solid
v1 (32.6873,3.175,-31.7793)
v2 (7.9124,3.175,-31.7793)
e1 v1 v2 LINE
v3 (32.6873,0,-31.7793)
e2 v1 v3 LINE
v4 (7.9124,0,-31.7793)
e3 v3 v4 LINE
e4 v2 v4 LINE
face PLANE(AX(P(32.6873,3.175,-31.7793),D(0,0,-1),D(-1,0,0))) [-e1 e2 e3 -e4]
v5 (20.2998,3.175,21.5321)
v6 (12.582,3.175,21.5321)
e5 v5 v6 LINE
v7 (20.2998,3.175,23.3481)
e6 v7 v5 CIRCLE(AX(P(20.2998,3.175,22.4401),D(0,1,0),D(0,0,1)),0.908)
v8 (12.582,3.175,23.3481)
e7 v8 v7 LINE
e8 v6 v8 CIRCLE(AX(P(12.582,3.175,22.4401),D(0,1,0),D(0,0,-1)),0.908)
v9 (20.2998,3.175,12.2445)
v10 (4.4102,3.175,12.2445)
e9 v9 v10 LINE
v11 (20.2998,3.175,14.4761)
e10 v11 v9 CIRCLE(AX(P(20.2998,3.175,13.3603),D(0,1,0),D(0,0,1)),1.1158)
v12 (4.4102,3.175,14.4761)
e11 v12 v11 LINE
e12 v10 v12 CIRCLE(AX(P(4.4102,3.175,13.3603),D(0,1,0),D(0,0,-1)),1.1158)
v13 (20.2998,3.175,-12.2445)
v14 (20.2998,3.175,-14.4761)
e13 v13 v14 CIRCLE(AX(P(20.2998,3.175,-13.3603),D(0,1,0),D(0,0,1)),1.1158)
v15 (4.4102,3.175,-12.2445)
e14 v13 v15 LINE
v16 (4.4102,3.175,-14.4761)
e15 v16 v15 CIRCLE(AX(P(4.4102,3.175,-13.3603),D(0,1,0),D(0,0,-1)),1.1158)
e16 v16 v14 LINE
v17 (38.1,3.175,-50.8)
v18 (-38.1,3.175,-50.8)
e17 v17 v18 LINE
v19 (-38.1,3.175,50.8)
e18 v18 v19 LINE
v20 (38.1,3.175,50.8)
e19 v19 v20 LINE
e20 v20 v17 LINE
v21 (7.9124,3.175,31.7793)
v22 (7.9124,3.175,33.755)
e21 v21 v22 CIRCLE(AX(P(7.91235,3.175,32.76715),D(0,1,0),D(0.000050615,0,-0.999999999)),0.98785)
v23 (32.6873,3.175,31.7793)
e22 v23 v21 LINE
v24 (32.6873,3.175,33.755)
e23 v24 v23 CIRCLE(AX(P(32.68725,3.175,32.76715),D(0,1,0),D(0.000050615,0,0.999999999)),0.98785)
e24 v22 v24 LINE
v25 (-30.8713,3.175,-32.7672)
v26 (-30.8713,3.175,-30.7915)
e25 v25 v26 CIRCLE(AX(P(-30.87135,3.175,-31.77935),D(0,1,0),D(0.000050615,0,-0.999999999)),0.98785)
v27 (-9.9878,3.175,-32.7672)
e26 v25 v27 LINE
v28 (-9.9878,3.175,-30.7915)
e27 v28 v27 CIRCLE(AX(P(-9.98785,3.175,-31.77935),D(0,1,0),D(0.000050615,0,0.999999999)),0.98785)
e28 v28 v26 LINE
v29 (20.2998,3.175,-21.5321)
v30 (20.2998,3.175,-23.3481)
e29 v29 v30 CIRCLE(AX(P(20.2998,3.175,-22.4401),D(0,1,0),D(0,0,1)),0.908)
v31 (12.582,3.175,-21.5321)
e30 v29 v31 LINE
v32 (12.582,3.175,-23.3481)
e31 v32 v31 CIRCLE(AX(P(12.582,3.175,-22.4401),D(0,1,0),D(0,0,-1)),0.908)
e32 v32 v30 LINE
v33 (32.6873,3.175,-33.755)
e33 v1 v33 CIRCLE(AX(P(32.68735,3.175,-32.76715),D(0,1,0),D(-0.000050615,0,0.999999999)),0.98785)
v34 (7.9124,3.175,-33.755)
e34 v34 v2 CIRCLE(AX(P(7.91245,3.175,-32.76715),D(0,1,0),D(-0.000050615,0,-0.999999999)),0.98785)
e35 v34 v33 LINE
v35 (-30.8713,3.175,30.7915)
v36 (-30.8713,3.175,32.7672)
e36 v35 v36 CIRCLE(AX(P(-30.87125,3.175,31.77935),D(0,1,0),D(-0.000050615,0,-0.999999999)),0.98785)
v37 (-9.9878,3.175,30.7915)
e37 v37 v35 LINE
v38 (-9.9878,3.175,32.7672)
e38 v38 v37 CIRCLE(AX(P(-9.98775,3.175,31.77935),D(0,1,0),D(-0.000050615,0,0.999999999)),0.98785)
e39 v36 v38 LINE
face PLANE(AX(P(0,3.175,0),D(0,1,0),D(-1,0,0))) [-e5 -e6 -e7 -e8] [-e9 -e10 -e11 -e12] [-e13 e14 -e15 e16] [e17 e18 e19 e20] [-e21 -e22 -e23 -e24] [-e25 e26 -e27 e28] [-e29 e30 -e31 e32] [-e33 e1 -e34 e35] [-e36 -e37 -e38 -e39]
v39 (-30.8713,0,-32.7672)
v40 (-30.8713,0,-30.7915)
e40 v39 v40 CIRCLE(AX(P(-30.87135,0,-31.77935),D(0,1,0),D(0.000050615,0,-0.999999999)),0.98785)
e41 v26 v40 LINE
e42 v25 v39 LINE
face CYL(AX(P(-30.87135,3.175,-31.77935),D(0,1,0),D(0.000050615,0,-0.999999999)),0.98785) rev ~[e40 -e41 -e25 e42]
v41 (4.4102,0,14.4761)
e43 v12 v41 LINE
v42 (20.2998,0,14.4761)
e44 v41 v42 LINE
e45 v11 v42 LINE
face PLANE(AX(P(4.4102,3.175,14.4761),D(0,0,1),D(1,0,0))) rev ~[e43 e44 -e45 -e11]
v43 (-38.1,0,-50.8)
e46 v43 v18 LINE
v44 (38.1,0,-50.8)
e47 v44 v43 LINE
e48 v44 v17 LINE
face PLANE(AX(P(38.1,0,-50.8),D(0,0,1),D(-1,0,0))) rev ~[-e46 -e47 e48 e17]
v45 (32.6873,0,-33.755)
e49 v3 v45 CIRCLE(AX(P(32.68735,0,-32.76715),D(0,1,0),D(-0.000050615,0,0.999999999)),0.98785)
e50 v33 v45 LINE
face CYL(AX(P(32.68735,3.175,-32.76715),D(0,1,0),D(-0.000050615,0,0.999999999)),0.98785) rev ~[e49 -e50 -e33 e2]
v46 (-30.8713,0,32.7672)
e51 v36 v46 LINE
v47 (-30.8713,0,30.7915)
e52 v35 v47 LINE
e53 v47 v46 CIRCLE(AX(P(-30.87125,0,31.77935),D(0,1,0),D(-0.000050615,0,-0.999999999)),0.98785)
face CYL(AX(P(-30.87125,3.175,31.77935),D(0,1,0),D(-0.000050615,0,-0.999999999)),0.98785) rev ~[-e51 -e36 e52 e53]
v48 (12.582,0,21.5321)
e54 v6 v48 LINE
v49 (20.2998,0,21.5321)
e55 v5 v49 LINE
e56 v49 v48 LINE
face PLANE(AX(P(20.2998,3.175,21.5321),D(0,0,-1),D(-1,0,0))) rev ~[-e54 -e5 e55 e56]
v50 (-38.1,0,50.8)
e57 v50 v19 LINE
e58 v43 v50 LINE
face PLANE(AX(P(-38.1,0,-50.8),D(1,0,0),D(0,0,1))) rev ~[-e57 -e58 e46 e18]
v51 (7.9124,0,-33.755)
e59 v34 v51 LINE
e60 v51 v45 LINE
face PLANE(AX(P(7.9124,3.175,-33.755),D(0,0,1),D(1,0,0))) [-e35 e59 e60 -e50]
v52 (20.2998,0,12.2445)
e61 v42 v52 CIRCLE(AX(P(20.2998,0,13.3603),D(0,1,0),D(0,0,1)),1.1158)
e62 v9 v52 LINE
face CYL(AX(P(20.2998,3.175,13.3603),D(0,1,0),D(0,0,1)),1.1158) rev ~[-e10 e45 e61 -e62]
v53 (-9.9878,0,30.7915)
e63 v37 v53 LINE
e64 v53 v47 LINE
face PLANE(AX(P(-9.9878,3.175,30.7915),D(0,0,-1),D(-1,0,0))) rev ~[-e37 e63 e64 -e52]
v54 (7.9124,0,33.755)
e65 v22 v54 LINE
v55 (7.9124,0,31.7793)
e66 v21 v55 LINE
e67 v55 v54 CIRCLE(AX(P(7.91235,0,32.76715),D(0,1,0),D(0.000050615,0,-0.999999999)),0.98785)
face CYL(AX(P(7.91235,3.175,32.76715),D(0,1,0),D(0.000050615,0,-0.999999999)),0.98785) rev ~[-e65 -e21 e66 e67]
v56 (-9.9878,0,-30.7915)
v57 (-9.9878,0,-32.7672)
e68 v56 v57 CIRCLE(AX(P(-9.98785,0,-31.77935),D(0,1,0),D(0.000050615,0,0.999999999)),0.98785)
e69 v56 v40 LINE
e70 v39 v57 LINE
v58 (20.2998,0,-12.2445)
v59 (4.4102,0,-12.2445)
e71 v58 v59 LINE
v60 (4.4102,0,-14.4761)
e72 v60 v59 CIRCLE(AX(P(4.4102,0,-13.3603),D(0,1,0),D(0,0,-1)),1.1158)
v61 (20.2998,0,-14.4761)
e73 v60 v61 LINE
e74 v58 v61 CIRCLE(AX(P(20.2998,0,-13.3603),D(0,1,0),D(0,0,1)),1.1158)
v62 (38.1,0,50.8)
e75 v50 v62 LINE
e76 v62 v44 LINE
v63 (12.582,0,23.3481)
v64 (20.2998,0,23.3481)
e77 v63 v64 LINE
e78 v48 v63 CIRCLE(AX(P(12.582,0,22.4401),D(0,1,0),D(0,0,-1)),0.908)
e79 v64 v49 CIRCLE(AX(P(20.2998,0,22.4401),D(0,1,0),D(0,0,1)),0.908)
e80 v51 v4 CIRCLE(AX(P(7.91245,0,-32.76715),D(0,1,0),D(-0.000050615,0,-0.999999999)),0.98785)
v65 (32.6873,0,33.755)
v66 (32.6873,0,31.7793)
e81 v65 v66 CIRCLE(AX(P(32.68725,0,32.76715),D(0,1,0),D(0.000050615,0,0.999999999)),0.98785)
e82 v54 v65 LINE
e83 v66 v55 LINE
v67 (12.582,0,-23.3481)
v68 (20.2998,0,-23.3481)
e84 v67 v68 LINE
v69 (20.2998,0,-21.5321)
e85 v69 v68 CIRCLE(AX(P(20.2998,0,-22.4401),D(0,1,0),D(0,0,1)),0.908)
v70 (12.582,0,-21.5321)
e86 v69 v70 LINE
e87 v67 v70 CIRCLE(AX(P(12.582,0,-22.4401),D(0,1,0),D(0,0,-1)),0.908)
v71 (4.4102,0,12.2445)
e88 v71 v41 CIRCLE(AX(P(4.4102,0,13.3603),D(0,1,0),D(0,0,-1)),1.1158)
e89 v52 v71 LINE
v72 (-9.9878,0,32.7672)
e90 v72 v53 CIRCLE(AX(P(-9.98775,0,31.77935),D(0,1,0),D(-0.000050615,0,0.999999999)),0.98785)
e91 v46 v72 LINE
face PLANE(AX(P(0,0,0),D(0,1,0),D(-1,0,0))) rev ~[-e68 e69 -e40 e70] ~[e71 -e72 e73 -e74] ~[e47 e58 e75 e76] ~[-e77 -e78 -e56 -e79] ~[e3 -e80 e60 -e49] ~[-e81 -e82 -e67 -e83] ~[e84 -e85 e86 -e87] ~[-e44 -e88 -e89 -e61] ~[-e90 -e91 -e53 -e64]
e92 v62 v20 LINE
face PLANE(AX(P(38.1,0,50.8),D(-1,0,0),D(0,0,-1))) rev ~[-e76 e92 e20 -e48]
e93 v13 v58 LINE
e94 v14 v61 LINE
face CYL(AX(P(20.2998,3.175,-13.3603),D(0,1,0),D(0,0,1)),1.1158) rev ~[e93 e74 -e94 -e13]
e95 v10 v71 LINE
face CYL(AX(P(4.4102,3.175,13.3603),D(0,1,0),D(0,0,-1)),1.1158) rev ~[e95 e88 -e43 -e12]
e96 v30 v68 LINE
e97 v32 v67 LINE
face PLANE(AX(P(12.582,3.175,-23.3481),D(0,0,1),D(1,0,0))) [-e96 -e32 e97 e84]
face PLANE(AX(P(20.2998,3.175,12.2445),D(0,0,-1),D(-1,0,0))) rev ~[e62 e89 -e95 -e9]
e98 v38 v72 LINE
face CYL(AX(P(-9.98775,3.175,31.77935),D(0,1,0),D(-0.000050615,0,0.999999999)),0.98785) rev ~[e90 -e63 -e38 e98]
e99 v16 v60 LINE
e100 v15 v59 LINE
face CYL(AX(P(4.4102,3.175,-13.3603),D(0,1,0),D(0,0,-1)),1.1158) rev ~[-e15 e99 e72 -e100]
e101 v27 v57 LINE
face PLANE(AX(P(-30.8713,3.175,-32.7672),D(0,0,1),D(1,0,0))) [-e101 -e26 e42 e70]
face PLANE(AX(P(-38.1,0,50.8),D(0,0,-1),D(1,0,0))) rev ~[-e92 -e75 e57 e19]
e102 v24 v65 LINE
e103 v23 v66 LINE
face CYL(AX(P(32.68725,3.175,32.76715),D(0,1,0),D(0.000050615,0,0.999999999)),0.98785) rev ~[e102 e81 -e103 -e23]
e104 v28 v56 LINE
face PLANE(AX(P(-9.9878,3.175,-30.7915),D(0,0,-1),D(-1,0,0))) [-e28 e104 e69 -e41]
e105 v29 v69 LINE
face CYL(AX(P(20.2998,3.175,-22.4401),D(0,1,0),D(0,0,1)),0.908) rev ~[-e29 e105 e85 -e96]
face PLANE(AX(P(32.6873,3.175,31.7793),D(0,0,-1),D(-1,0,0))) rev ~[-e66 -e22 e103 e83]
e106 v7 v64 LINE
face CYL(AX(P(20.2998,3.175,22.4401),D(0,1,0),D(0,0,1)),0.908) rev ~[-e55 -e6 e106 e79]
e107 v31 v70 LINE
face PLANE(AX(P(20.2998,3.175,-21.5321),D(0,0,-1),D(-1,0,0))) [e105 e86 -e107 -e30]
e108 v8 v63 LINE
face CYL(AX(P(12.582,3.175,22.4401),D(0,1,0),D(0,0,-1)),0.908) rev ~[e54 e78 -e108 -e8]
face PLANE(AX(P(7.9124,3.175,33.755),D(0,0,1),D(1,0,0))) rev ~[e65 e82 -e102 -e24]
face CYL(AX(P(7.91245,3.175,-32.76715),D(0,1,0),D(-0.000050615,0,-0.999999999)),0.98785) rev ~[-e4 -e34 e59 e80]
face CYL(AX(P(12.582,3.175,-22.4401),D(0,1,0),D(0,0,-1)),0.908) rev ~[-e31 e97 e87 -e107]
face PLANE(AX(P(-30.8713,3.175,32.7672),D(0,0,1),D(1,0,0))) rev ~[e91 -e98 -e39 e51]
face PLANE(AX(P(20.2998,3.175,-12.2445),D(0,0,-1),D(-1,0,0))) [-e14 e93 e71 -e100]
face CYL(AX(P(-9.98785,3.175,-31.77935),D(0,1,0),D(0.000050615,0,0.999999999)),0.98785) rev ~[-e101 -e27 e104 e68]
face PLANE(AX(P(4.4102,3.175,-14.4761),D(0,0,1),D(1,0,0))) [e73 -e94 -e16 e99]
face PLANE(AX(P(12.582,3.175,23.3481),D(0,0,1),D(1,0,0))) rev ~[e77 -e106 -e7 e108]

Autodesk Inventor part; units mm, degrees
ref_plane "YZ Plane" through (0, 0, 0) normal (1, 0, 0) x (0, 1, 0)
ref_plane "XZ Plane" through (0, 0, 0) normal (0, 1, 0) x (-1, 0, 0)
ref_plane "XY Plane" through (0, 0, 0) normal (0, 0, 1) x (1, 0, 0)
sketch "Sketch1" plane through (0, 0, 0) normal (0, 1, 0) x (-1, 0, 0)
  line L0 (-38.1, -50.8) -> (38.1, -50.8)
  line L1 (38.1, -50.8) -> (38.1, 50.8)
  line L2 (38.1, 50.8) -> (-38.1, 50.8)
  line L3 (-38.1, 50.8) -> (-38.1, -50.8)
  line L4 (-38.1, -50.8) -> (38.1, 50.8) construction
  line L5 (38.1, -50.8) -> (-38.1, 50.8) construction
  point P0 (0, 0)
  dimension "d0" = 101.6
  dimension "d1" = 76.2
extrude "Extrusion1" add sketch "Sketch1" along normal blind 3.175
sketch "Sketch2" plane through (0, 3.175, 0) normal (0, 1, 0) x (1, 0, 0)
  line L0 (-9.9878, -31.7793) -> (-30.8713, -31.7793) construction
  line L1 (-9.9878, -30.7915) -> (-30.8713, -30.7915)
  line L2 (-30.8713, -32.7672) -> (-9.9878, -32.7672)
  arc A0 (-9.9878, -32.7672) -> (-9.9878, -30.7915) centre (-9.9878, -31.7793) ccw
  arc A1 (-30.8713, -30.7915) -> (-30.8713, -32.7672) centre (-30.8713, -31.7793) ccw
  line L3 (7.9124, -32.7672) -> (32.6873, -32.7672) construction
  line L4 (7.9124, -33.755) -> (32.6873, -33.755)
  line L5 (32.6873, -31.7793) -> (7.9124, -31.7793)
  arc A2 (7.9124, -31.7793) -> (7.9124, -33.755) centre (7.9124, -32.7672) ccw
  arc A3 (32.6873, -33.755) -> (32.6873, -31.7793) centre (32.6873, -32.7672) ccw
  line L6 (20.2998, -22.4401) -> (12.582, -22.4401) construction
  line L7 (20.2998, -21.5321) -> (12.582, -21.5321)
  line L8 (12.582, -23.3481) -> (20.2998, -23.3481)
  arc A4 (20.2998, -23.3481) -> (20.2998, -21.5321) centre (20.2998, -22.4401) ccw
  arc A5 (12.582, -21.5321) -> (12.582, -23.3481) centre (12.582, -22.4401) ccw
  line L9 (20.2998, -13.3603) -> (4.4102, -13.3603) construction
  line L10 (20.2998, -12.2445) -> (4.4102, -12.2445)
  line L11 (4.4102, -14.4761) -> (20.2998, -14.4761)
  arc A6 (20.2998, -14.4761) -> (20.2998, -12.2445) centre (20.2998, -13.3603) ccw
  arc A7 (4.4102, -12.2445) -> (4.4102, -14.4761) centre (4.4102, -13.3603) ccw
  line L12 (-9.9878, 31.7793) -> (-30.8713, 31.7793) construction
  line L13 (-9.9878, 30.7915) -> (-30.8713, 30.7915)
  line L14 (-30.8713, 32.7672) -> (-9.9878, 32.7672)
  arc A8 (-9.9878, 30.7915) -> (-9.9878, 32.7672) centre (-9.9878, 31.7793) ccw
  arc A9 (-30.8713, 32.7672) -> (-30.8713, 30.7915) centre (-30.8713, 31.7793) ccw
  line L15 (7.9124, 32.7672) -> (32.6873, 32.7672) construction
  line L16 (7.9124, 33.755) -> (32.6873, 33.755)
  line L17 (32.6873, 31.7793) -> (7.9124, 31.7793)
  arc A10 (7.9124, 33.755) -> (7.9124, 31.7793) centre (7.9124, 32.7672) ccw
  arc A11 (32.6873, 31.7793) -> (32.6873, 33.755) centre (32.6873, 32.7672) ccw
  line L18 (20.2998, 22.4401) -> (12.582, 22.4401) construction
  line L19 (20.2998, 21.5321) -> (12.582, 21.5321)
  line L20 (12.582, 23.3481) -> (20.2998, 23.3481)
  arc A12 (20.2998, 21.5321) -> (20.2998, 23.3481) centre (20.2998, 22.4401) ccw
  arc A13 (12.582, 23.3481) -> (12.582, 21.5321) centre (12.582, 22.4401) ccw
  line L21 (20.2998, 13.3603) -> (4.4102, 13.3603) construction
  line L22 (20.2998, 12.2445) -> (4.4102, 12.2445)
  line L23 (4.4102, 14.4761) -> (20.2998, 14.4761)
  arc A14 (20.2998, 12.2445) -> (20.2998, 14.4761) centre (20.2998, 13.3603) ccw
  arc A15 (4.4102, 14.4761) -> (4.4102, 12.2445) centre (4.4102, 13.3603) ccw
  point P0 (-20.4296, -31.7793)
  point P1 (20.2998, -32.7672)
  point P2 (16.4409, -22.4401)
  point P3 (12.355, -13.3603)
  point P4 (0, -25.2547)
  point P5 (-20.4296, 31.7793)
  point P6 (20.2998, 32.7672)
  point P7 (16.4409, 22.4401)
  point P8 (12.355, 13.3603)
extrude "Extrusion2" cut sketch "Sketch2" against normal blind 3.175
properties part number "top frame 4x4" material "Nickel-Copper Alloy 400"
